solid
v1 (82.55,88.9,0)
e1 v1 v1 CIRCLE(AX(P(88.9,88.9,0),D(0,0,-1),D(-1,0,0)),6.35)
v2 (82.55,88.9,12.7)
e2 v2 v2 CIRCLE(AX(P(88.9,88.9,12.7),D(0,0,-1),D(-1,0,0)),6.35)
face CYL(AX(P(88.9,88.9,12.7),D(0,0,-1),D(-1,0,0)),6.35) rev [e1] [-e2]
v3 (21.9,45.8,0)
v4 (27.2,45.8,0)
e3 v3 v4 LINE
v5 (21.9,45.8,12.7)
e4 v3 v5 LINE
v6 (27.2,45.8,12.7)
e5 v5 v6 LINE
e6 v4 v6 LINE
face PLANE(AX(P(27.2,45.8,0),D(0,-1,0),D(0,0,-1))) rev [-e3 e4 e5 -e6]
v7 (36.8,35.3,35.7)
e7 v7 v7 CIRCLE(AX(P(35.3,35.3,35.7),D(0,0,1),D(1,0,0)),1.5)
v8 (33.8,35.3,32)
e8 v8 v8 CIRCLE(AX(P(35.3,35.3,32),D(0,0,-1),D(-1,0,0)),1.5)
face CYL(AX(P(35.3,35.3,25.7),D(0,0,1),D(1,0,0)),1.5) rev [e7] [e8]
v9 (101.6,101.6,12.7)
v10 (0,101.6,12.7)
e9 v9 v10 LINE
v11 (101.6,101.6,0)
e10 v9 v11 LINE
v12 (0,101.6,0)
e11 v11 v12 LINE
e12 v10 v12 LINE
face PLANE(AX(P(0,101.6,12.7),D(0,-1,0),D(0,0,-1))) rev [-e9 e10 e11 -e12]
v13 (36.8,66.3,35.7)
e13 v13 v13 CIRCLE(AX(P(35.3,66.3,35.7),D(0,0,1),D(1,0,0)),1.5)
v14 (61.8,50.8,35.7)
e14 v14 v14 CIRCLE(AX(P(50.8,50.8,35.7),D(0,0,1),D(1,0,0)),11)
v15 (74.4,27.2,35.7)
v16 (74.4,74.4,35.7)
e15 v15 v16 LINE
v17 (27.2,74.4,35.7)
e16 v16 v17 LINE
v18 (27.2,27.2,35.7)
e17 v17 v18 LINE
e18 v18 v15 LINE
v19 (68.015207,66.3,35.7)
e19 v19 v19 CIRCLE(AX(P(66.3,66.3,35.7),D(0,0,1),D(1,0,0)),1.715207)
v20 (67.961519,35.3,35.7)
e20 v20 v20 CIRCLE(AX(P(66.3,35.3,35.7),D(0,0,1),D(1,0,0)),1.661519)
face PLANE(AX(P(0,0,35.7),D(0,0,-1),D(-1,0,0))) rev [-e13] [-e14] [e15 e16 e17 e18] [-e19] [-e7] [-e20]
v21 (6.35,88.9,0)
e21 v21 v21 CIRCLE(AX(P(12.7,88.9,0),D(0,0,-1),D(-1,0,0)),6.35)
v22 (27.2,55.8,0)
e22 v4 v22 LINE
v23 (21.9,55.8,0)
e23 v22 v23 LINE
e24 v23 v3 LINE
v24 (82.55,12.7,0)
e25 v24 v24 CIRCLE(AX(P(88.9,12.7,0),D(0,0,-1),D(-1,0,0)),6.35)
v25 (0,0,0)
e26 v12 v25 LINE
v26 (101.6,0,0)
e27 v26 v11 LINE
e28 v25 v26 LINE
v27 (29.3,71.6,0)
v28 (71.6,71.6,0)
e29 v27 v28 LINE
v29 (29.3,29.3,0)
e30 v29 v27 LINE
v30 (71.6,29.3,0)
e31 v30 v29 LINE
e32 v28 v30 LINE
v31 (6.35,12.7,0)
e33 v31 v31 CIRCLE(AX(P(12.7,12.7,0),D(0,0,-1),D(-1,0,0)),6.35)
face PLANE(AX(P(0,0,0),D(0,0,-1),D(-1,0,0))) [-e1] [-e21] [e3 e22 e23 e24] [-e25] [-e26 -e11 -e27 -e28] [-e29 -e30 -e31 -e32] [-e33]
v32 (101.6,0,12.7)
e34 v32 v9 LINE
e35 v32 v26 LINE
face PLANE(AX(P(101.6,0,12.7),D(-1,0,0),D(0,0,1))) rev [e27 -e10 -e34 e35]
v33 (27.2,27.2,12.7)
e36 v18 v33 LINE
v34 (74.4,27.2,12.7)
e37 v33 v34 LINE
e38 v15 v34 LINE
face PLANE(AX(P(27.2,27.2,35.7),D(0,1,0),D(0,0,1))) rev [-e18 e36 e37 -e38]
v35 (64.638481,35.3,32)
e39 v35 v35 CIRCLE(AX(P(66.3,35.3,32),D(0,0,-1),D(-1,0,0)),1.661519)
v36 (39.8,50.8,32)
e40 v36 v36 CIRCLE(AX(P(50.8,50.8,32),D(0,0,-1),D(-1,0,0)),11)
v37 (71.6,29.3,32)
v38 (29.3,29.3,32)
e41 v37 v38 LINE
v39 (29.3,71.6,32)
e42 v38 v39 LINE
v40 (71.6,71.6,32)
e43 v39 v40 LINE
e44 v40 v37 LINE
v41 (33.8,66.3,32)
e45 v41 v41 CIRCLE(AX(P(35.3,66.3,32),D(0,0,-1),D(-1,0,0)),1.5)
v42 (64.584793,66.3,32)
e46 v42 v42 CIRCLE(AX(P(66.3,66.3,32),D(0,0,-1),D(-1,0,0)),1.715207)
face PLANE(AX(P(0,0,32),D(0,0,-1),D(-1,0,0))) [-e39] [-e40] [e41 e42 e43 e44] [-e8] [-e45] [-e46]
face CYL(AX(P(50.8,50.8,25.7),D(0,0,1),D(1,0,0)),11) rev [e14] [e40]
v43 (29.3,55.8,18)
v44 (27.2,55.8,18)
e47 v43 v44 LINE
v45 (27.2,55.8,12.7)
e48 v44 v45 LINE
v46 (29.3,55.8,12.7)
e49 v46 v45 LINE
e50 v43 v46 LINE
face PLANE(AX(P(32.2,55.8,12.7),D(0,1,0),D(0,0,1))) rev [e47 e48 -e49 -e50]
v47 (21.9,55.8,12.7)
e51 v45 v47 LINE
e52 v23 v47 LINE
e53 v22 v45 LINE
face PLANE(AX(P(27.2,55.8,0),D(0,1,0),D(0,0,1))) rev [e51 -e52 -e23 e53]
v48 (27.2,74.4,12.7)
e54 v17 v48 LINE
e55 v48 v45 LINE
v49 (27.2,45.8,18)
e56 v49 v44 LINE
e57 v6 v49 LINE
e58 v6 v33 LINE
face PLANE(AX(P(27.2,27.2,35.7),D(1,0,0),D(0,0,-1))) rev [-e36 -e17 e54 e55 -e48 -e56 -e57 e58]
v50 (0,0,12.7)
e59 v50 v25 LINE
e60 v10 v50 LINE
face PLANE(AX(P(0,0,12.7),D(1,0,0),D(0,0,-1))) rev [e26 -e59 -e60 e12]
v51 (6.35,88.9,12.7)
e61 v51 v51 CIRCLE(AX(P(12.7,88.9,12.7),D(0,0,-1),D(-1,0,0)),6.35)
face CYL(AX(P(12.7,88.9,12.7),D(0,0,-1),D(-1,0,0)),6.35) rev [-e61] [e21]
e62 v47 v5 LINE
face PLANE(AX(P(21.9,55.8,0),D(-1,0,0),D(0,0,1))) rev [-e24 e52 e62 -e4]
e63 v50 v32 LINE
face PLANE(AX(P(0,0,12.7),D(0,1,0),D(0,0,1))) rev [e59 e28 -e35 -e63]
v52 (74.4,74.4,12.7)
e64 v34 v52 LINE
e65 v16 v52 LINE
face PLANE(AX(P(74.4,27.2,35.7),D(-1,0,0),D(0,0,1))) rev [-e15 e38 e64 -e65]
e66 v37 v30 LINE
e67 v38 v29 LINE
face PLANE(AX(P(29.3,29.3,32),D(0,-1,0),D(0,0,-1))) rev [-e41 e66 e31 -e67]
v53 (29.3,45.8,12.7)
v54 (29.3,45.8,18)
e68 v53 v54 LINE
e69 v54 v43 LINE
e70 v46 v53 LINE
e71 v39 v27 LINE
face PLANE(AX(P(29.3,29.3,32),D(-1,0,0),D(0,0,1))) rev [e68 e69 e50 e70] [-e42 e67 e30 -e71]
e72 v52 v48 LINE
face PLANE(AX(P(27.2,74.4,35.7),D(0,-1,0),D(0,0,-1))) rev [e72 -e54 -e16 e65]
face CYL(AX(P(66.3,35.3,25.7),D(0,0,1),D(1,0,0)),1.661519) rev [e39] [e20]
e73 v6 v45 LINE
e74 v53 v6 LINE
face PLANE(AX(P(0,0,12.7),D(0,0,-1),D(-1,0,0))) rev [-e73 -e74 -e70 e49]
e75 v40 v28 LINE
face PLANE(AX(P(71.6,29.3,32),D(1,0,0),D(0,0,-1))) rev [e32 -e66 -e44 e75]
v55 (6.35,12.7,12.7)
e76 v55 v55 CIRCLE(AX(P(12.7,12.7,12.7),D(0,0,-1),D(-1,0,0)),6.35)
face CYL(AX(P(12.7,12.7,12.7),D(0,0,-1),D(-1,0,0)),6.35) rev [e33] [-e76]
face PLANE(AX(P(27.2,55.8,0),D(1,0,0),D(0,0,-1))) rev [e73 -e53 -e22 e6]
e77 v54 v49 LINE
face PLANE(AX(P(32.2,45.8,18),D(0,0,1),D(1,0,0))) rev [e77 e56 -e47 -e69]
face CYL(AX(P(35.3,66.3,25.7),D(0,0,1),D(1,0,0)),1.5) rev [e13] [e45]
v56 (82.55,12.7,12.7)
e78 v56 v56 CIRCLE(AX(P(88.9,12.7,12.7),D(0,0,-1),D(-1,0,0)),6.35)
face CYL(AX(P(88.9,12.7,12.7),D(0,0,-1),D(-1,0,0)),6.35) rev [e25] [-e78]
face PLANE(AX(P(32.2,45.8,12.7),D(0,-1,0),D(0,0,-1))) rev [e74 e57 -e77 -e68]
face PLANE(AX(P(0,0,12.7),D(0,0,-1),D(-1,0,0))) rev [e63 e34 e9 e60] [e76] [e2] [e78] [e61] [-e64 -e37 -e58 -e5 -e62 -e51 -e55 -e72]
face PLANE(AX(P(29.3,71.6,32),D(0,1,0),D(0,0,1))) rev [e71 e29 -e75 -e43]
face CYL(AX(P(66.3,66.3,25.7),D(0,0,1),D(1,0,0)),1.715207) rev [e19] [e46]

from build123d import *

# Parameters (mm, degrees)
SKETCH1_W           = 101.6
SKETCH1_H           = 101.6
BOSS_EXTRUDE1_DEPTH = 12.7
SKETCH4_W           = 47.2
SKETCH4_H           = 47.2
BOSS_EXTRUDE3_DEPTH = 23
SKETCH5_W           = 42.3
SKETCH5_H           = 42.3
CUT_EXTRUDE1_DEPTH  = 32
SKETCH6_R           = 11
SKETCH6_R_2         = 1.5
SKETCH6_R_3         = 1.715206785
SKETCH6_R_4         = 1.661518809
CUT_EXTRUDE2_DEPTH  = 10
SKETCH7_W           = 5.3
SKETCH7_H           = 10
CUT_EXTRUDE3_DEPTH  = 5
SKETCH8_W           = 5.3
SKETCH8_H           = 10
CUT_EXTRUDE5_DEPTH  = 12.7
SKETCH9_R           = 6.35
CUT_EXTRUDE6_DEPTH  = 12.7


with BuildPart() as part:
    # Sketch1 → Boss-Extrude1 (new body)
    with BuildSketch(Plane.XY):
        with Locations((50.8, 50.8)):
            Rectangle(SKETCH1_W, SKETCH1_H)
    extrude(amount=BOSS_EXTRUDE1_DEPTH)

    # Sketch4 → Boss-Extrude3 (add)
    with BuildSketch(Plane.XY.offset(12.7)):
        with Locations((50.8, 50.8)):
            Rectangle(SKETCH4_W, SKETCH4_H)
    extrude(amount=BOSS_EXTRUDE3_DEPTH)

    # Sketch5 → Cut-Extrude1 (cut)
    with BuildSketch(Plane(origin=(0, 0, 0), x_dir=(-1, 0, 0), z_dir=(0, 0, -1))):
        with Locations((-50.45, 50.45)):
            Rectangle(SKETCH5_W, SKETCH5_H)
    extrude(amount=-CUT_EXTRUDE1_DEPTH, mode=Mode.SUBTRACT)

    # Sketch6 → Cut-Extrude2 (cut)
    with BuildSketch(Plane.XY.offset(35.7)):
        with Locations((50.8, 50.8)):
            Circle(SKETCH6_R)
        with Locations((35.3, 66.3)):
            Circle(SKETCH6_R_2)
        with Locations((66.3, 66.3)):
            Circle(SKETCH6_R_3)
        with Locations((66.3, 35.3)):
            Circle(SKETCH6_R_4)
        with Locations((35.3, 35.3)):
            Circle(SKETCH6_R_2)
    extrude(amount=-CUT_EXTRUDE2_DEPTH, mode=Mode.SUBTRACT)

    # Sketch7 → Cut-Extrude3 (cut)
    with BuildSketch(Plane.ZY.offset(-27.2)):
        with Locations((15.35, 50.8)):
            Rectangle(SKETCH7_W, SKETCH7_H)
    extrude(amount=-CUT_EXTRUDE3_DEPTH, mode=Mode.SUBTRACT)

    # Sketch8 → Cut-Extrude5 (cut)
    with BuildSketch(Plane.XY.offset(12.7)):
        with Locations((24.55, 50.8)):
            Rectangle(SKETCH8_W, SKETCH8_H)
    extrude(amount=-CUT_EXTRUDE5_DEPTH, mode=Mode.SUBTRACT)

    # Sketch9 → Cut-Extrude6 (cut)
    with BuildSketch(Plane(origin=(0, 0, 0), x_dir=(-1, 0, 0), z_dir=(0, 0, -1))):
        with Locations((-88.9, 88.9)):
            Circle(SKETCH9_R)
        with Locations((-12.7, 88.9)):
            Circle(SKETCH9_R)
        with Locations((-12.7, 12.7)):
            Circle(SKETCH9_R)
        with Locations((-88.9, 12.7)):
            Circle(SKETCH9_R)
    extrude(amount=-CUT_EXTRUDE6_DEPTH, mode=Mode.SUBTRACT)


solid = part.part
